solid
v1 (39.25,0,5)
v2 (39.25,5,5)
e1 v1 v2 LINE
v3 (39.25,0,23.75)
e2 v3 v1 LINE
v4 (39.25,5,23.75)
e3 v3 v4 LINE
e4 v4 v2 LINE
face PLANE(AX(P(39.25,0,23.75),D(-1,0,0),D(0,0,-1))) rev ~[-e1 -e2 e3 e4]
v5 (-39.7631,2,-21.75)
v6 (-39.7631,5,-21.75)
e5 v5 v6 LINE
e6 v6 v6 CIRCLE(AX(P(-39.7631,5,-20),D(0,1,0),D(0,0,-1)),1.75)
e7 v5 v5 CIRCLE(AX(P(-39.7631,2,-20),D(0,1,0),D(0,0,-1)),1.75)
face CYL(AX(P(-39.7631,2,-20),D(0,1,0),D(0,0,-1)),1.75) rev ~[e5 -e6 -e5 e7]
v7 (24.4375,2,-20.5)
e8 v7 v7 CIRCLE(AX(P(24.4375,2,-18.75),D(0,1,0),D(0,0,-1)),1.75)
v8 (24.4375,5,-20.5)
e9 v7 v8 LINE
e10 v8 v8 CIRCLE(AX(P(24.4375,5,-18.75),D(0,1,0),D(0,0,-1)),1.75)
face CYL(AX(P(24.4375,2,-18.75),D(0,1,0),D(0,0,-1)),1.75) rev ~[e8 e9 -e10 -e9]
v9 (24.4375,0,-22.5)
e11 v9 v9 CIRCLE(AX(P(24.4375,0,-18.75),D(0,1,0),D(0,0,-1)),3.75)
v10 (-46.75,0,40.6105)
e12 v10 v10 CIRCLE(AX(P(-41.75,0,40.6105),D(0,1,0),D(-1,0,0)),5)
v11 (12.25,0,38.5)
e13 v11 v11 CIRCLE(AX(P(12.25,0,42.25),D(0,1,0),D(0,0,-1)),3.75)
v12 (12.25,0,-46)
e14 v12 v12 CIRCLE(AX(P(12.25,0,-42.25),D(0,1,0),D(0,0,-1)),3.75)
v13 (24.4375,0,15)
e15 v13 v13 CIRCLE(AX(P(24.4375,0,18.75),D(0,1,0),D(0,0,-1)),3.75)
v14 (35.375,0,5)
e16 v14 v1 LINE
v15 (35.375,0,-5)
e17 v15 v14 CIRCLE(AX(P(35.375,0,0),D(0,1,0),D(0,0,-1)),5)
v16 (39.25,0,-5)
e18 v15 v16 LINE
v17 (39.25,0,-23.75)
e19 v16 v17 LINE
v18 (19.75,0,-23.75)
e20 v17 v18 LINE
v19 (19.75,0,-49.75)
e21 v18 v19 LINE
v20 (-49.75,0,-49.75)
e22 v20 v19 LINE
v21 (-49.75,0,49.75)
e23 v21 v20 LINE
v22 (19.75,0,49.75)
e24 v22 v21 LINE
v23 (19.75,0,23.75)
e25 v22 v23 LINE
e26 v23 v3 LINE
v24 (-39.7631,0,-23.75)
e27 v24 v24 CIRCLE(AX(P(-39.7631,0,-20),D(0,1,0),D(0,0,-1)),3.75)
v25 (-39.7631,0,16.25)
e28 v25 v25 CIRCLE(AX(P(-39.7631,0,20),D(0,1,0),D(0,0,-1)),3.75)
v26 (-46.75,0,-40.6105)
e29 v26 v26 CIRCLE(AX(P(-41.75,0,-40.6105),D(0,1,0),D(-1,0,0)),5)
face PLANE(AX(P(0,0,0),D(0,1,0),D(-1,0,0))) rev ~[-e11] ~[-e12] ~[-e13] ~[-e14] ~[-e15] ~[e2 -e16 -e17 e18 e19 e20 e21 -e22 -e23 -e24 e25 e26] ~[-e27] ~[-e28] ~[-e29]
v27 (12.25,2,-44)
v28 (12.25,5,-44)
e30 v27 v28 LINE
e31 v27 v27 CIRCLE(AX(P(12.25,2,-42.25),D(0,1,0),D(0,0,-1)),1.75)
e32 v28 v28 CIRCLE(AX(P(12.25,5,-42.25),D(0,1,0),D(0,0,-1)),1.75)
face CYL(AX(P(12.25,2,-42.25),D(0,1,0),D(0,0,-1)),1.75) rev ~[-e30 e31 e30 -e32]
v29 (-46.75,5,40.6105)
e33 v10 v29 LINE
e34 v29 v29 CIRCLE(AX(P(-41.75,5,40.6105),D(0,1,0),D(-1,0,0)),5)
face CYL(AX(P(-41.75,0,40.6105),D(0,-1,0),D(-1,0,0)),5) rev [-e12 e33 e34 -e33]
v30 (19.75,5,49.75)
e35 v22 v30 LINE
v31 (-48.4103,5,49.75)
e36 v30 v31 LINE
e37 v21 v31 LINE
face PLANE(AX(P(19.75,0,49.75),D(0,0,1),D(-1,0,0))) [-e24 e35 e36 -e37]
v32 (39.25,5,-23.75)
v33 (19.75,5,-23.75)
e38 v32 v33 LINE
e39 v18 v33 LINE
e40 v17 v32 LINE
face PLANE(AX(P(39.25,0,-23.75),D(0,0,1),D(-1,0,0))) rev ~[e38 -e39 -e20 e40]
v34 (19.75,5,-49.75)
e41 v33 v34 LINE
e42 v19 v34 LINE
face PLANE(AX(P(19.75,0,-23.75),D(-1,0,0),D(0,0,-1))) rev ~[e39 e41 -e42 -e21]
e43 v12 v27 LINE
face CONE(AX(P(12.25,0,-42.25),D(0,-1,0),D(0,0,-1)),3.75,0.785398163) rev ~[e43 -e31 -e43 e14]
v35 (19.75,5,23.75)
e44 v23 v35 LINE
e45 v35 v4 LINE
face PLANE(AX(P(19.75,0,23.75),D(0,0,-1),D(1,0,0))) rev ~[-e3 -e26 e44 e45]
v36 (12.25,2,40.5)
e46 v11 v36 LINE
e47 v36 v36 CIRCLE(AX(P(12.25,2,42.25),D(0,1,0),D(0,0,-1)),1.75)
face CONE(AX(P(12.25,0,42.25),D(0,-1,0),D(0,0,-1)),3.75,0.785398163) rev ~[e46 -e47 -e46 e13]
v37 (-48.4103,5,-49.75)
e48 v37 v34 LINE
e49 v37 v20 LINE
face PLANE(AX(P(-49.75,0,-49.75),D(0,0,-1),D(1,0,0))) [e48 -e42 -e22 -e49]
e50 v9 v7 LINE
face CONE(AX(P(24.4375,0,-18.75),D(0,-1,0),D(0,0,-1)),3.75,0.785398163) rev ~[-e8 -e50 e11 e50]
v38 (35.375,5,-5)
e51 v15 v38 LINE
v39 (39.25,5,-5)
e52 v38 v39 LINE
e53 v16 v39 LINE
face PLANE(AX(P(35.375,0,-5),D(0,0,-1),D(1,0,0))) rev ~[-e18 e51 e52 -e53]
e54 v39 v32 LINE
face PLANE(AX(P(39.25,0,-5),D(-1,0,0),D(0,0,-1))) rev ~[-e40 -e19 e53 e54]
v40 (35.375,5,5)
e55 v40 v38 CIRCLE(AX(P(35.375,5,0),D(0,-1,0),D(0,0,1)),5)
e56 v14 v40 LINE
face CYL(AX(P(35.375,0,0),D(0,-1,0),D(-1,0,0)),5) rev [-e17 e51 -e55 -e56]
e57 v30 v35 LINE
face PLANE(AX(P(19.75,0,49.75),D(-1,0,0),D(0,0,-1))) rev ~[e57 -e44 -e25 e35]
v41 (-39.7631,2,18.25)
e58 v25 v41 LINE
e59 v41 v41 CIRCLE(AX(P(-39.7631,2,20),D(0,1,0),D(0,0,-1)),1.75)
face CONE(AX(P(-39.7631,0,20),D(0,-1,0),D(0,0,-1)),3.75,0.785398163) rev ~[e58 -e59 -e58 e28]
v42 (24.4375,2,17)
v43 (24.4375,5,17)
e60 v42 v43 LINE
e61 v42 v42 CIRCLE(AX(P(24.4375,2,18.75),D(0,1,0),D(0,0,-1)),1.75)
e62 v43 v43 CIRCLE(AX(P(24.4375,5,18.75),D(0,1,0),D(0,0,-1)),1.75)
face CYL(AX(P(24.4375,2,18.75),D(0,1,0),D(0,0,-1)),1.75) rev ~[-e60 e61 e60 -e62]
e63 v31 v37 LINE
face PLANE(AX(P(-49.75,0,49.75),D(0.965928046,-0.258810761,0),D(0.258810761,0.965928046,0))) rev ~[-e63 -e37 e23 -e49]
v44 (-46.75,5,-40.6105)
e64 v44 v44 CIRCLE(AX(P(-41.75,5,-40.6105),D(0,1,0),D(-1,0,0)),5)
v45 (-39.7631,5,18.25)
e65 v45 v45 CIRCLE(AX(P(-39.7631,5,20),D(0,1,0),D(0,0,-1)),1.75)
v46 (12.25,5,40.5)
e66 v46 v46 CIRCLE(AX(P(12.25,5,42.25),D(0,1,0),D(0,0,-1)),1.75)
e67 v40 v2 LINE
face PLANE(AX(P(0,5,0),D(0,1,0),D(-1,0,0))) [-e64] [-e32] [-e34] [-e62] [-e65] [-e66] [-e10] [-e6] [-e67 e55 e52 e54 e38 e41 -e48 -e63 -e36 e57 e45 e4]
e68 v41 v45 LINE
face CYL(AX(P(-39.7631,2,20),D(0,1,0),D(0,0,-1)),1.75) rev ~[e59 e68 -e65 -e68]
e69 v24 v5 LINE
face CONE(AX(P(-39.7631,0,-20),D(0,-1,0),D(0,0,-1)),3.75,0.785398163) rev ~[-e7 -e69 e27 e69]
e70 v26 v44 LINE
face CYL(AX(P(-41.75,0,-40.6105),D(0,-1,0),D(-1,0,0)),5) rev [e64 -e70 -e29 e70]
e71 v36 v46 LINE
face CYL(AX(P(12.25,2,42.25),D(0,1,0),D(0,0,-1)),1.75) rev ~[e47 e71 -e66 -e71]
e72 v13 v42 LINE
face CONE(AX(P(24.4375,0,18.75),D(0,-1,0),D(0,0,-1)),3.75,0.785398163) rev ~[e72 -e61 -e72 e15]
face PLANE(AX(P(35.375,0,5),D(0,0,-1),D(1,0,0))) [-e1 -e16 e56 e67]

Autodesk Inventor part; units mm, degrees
ref_plane "YZ Plane" through (0, 0, 0) normal (1, 0, 0) x (0, 1, 0)
ref_plane "XZ Plane" through (0, 0, 0) normal (0, 1, 0) x (-1, 0, 0)
ref_plane "XY Plane" through (0, 0, 0) normal (0, 0, 1) x (1, 0, 0)
sketch "Náčrt1" plane through (0, 0, 0) normal (0, 1, 0) x (-1, 0, 0)
  line L0 (-49.75, 49.75) -> (49.75, 49.75)
  line L1 (49.75, 49.75) -> (49.75, -49.75)
  line L2 (49.75, -49.75) -> (-49.75, -49.75)
  line L3 (-49.75, -49.75) -> (-49.75, 49.75)
  line L4 (-49.75, 49.75) -> (49.75, -49.75) construction
  line L5 (49.75, 49.75) -> (-49.75, -49.75) construction
  line L6 (-19.75, 49.75) -> (-19.75, 23.75)
  line L7 (-19.75, 23.75) -> (-49.75, 23.75)
  line L8 (-49.75, -23.75) -> (-19.75, -23.75)
  line L9 (-19.75, -23.75) -> (-19.75, -49.75)
  circle A0 centre (-24.4375, -18.75) radius 1.75
  circle A1 centre (-24.4375, 18.75) radius 1.75
  line L10 (-39.25, 23.75) -> (-39.25, -23.75)
  circle A2 centre (-12.25, -42.25) radius 1.75
  circle A3 centre (39.7631, -20) radius 1.75
  circle A4 centre (39.7631, 20) radius 1.75
  circle A5 centre (-12.25, 42.25) radius 1.75
  circle A6 centre (41.75, 40.6105) radius 5
  circle A7 centre (41.75, -40.6105) radius 5
  line L11 (41.75, 40.6105) -> (41.75, 49.75) construction
  line L12 (41.75, -40.6105) -> (41.75, -49.75) construction
  circle A8 centre (-35.375, 0) radius 5
  line L13 (-35.375, 5) -> (-39.25, 5)
  line L14 (-35.375, -5) -> (-39.25, -5)
  line L15 (39.7631, 20) -> (39.7631, 0) construction
  line L16 (39.7631, 0) -> (39.7631, -20) construction
  point P0 (0, 0)
  point P1 (-34.75, 23.75)
  dimension "d0" = 99.5
  dimension "d1" = 99.5
  dimension "d2" = 30
  dimension "d3" = 26
  dimension "d4" = 10.5
  dimension "d5" = 3.5
  dimension "d7" = 7.5
  dimension "d8" = 7.5
  dimension "d9" = 5
  dimension "d10" = 5
  dimension "d11" = 10.3125
  dimension "d12" = 7.5
  dimension "d13" = 9.9869
  dimension "d26" = 81.221
  dimension "d27" = 10
  dimension "d28" = 8
  dimension "d29" = 10
  dimension "d30" = 3.875
  dimension "d31" = 40
extrude "Vysunutí1" add sketch "Náčrt1" along normal blind 5 contours L0 L1 L2 L9 L8 L10 L14 A8 L13 L7 L6 | A0 | A1 | A2 | A3 | A4 | A5
sketch "Náčrt2" plane through (-49.75, 0, 49.75) normal (0, 0, 1) x (1, 0, 0)
  line L0 (0, 0) -> (69.5, 0) projected
  line L1 (0, 0) -> (1.3397, 5)
  line L2 (0, 5) -> (69.5, 5) projected
  line L3 (0, 0) -> (0, 5) projected
  line L4 (0, 5) -> (0, 0)
  point P0 (49.75, 0)
  dimension "d16" = 75
extrude "Vysunutí2" cut sketch "Náčrt2" against normal through all
hole "Díra1" at (24.4375, 0, 18.75) at (24.4375, 0, -18.75) at (12.25, 0, -42.25) at (-39.7631, 0, -20) at (-39.7631, 0, 20) at (12.25, 0, 42.25) direction (0, 1, 0) diameter 3.5 end through all countersink diameter 7.5 countersink angle 90
properties part number "new_plech"
